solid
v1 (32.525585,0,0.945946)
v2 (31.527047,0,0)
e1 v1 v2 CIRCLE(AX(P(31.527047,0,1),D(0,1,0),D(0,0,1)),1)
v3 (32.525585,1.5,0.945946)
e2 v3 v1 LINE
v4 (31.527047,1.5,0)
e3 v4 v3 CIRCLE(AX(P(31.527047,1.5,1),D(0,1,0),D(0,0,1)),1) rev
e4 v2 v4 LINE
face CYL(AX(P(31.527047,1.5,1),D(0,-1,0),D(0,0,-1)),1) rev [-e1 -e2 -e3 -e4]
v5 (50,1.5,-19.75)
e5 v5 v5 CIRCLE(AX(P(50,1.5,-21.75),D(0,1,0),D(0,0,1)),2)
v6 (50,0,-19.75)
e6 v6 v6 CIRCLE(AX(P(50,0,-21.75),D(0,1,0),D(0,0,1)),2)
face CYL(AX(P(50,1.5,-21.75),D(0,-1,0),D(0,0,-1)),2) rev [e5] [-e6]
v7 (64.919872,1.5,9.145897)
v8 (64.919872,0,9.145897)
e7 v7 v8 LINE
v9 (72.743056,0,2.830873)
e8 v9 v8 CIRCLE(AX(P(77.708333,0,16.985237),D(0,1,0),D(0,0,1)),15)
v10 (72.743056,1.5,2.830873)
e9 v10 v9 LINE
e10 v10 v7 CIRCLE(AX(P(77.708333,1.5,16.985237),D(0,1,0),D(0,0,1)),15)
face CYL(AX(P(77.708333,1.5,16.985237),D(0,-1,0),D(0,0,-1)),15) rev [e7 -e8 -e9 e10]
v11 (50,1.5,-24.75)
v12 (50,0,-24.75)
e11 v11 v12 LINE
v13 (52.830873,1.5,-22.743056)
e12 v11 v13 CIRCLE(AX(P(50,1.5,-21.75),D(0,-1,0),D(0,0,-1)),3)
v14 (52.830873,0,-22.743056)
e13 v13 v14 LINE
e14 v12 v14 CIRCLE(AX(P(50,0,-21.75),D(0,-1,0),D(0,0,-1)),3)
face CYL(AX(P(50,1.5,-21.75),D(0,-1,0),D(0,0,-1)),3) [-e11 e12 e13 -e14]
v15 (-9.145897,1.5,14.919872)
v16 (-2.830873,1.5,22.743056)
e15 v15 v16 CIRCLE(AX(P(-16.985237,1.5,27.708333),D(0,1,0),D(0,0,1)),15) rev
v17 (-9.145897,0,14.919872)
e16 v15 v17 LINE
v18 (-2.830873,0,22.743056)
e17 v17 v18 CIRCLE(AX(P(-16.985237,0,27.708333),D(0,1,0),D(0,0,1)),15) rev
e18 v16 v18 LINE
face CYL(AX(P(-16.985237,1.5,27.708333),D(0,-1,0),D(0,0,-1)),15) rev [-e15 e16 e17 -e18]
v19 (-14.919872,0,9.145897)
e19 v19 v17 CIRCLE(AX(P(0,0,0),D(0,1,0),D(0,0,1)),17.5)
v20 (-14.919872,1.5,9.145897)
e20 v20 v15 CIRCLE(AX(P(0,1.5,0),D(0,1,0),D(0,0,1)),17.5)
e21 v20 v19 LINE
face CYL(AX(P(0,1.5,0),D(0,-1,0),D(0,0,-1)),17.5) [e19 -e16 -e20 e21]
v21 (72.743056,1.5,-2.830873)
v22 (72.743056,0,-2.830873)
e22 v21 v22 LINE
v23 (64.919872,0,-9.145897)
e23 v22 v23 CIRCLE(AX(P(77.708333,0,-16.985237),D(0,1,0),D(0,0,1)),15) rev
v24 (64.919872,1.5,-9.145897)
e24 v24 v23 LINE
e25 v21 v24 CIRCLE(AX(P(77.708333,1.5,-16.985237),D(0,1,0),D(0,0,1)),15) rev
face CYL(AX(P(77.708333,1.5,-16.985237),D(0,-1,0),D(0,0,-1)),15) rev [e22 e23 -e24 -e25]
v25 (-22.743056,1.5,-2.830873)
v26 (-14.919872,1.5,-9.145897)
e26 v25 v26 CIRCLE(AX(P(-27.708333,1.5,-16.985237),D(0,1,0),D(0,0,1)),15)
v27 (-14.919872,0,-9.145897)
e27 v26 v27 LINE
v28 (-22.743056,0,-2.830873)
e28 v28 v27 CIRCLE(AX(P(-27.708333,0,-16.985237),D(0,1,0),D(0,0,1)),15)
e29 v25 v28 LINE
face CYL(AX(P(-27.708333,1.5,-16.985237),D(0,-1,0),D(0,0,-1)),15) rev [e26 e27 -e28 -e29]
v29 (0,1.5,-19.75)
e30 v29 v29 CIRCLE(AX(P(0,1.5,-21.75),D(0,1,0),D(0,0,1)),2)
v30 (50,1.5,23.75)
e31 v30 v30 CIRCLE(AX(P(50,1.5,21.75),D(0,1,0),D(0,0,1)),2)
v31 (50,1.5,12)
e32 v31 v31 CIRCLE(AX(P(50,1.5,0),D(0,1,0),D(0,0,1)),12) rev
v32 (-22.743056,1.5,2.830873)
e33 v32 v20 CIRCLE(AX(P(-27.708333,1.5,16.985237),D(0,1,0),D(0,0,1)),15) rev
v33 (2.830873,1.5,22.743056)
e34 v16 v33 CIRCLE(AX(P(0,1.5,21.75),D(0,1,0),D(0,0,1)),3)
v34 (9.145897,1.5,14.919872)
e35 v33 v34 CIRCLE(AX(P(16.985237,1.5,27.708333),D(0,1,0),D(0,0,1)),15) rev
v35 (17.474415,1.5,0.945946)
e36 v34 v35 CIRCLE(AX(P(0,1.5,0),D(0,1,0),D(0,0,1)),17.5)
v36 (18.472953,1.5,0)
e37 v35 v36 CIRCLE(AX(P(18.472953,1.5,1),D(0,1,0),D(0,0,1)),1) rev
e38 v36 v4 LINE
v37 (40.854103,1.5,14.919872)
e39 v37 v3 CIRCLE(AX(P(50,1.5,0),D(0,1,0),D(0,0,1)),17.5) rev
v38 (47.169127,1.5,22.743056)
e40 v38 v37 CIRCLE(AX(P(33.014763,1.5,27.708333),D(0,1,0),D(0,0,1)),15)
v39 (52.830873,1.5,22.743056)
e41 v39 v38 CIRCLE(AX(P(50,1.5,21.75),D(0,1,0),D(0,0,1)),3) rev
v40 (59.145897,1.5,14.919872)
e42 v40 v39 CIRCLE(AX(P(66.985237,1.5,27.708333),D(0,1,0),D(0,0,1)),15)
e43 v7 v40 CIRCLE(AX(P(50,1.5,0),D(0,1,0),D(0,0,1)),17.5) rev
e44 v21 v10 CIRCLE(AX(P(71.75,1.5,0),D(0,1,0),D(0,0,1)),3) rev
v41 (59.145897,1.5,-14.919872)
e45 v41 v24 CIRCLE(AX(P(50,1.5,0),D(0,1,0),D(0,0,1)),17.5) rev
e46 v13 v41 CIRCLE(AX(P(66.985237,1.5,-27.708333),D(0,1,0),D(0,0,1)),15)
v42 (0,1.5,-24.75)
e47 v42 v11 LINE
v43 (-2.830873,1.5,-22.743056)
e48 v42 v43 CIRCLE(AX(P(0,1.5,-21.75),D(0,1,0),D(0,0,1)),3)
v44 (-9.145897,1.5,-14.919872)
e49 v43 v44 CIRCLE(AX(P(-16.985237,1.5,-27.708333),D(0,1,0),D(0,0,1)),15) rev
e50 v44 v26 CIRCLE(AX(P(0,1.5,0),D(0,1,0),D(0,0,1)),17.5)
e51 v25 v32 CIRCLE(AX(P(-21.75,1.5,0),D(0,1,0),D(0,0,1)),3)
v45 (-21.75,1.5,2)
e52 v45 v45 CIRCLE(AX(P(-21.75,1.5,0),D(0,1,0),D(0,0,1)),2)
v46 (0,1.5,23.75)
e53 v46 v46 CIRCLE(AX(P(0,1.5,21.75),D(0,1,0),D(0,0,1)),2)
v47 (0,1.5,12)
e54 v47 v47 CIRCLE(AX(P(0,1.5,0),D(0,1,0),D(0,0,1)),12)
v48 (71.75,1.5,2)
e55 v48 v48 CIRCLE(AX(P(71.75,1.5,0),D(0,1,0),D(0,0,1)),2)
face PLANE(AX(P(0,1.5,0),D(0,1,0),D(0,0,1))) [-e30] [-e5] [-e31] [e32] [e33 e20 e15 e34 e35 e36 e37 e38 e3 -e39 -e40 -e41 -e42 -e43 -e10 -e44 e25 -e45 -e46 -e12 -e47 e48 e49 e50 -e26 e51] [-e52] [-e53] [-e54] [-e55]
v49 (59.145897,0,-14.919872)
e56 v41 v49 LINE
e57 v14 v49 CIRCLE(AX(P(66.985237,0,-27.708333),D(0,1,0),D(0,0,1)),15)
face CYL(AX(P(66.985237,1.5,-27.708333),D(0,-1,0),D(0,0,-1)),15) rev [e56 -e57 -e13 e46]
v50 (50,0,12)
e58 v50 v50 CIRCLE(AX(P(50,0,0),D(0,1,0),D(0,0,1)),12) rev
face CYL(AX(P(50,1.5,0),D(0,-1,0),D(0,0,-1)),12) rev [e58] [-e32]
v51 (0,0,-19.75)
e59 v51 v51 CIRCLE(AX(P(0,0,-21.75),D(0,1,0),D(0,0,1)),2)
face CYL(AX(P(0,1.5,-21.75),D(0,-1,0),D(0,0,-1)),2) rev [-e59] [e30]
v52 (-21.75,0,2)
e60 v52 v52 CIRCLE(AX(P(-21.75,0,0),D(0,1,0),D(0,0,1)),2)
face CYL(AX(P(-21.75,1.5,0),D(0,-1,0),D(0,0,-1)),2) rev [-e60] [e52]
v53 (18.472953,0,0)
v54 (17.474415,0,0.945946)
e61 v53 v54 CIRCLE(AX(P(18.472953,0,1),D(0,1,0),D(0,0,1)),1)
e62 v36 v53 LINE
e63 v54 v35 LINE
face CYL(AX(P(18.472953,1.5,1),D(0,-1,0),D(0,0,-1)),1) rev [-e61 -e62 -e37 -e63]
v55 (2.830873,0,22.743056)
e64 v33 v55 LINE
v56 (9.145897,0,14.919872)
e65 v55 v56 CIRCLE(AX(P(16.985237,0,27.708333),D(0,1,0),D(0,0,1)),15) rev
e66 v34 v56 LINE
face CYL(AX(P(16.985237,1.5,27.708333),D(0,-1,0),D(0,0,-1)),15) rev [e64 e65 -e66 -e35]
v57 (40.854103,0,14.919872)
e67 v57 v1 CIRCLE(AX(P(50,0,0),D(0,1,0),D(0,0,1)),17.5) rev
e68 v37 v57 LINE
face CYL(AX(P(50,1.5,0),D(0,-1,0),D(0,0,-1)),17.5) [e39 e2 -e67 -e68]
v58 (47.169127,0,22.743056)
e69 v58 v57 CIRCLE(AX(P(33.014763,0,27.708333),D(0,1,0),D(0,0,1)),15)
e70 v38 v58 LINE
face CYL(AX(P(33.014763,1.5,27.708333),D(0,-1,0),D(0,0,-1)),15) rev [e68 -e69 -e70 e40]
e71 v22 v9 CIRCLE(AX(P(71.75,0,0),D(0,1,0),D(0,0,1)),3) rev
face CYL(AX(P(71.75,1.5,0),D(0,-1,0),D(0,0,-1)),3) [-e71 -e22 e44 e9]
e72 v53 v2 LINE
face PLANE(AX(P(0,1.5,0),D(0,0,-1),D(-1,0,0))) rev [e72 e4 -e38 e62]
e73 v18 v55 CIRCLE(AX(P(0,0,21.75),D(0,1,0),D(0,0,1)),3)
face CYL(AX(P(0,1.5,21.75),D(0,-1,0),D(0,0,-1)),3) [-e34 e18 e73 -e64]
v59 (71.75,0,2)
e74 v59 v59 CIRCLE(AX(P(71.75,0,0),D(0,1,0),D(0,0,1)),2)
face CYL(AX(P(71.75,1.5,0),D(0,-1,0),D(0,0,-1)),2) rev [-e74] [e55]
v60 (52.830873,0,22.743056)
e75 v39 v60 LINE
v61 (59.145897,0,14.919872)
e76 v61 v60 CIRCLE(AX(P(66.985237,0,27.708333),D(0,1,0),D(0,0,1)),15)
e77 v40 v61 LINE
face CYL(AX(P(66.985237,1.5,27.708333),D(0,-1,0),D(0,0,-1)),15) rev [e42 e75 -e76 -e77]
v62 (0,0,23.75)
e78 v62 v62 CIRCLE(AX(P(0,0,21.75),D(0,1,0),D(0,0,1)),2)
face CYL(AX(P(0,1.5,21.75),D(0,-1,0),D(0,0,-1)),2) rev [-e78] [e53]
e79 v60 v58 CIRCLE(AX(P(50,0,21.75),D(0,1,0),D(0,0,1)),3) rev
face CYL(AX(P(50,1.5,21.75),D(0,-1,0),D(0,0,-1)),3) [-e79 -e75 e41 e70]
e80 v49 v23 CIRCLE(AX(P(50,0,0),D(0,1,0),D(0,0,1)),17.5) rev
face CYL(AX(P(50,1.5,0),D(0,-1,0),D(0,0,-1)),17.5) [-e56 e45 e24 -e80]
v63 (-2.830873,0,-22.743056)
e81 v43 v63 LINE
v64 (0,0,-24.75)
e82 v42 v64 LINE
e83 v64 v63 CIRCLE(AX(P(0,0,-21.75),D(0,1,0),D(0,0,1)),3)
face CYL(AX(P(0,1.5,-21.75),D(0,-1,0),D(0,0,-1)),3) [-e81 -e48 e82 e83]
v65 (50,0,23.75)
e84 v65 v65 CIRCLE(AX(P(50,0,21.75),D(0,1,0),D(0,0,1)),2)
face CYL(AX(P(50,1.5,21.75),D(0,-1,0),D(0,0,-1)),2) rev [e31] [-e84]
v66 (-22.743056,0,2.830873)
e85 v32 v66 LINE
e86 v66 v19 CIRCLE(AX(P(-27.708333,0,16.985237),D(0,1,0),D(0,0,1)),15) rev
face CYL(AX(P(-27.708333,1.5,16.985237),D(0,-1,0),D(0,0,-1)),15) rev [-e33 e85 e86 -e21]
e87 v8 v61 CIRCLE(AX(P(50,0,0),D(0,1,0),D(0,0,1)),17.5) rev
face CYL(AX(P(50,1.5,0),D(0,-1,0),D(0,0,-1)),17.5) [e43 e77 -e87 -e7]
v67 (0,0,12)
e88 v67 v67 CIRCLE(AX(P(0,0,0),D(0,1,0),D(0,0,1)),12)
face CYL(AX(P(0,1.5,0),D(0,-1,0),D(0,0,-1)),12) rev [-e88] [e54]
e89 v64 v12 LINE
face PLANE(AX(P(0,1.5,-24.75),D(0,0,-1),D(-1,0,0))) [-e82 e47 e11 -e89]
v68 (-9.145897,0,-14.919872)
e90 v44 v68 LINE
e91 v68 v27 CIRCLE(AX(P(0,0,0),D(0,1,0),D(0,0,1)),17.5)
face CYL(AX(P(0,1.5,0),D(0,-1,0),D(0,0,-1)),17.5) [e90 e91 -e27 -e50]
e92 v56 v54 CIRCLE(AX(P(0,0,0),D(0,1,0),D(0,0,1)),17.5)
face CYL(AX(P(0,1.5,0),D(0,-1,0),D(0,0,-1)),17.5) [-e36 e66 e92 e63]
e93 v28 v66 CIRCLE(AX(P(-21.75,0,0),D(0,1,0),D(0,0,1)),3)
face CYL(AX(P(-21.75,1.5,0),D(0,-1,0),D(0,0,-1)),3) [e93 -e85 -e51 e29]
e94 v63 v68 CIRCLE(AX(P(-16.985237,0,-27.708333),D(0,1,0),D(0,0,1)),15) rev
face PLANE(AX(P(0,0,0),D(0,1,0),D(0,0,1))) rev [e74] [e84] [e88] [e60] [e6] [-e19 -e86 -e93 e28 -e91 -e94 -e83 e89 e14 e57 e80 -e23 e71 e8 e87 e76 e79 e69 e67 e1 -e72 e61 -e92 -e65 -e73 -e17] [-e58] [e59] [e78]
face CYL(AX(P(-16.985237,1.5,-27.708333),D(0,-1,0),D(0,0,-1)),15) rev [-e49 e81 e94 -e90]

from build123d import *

# Parameters (mm, degrees)
SKETCH_1_R      = 2
SKETCH_1_R_2    = 12
EXTRUDE_1_DEPTH = 1.5
FILLET_1_R      = 1


with BuildPart() as part:
    # ｽｹｯﾁ1 → ﾎﾞｽ - 押し出し1 (new body)
    with BuildSketch(Plane(origin=(0, 0, 0), x_dir=(1, 0, 0), z_dir=(0, 1, 0))):
        with BuildLine():
            Line((50, 24.75), (0, 24.75))
            ThreePointArc((0, 24.75), (-1.735055234, 24.197362526), (-2.830872774, 22.743055556))
            ThreePointArc((-2.830872774, 22.743055556), (-5.313420016, 18.286619233), (-9.145896655, 14.919871795))
            ThreePointArc((-9.145896655, 14.919871795), (-12.374368671, 12.374368671), (-14.919871795, 9.145896655))
            ThreePointArc((-14.919871795, 9.145896655), (-18.286619233, 5.313420016), (-22.743055556, 2.830872774))
            ThreePointArc((-22.743055556, 2.830872774), (-24.75, 0), (-22.743055556, -2.830872774))
            ThreePointArc((-22.743055556, -2.830872774), (-18.286619233, -5.313420016), (-14.919871795, -9.145896655))
            ThreePointArc((-14.919871795, -9.145896655), (-12.374368671, -12.374368671), (-9.145896655, -14.919871795))
            ThreePointArc((-9.145896655, -14.919871795), (-5.313420016, -18.286619233), (-2.830872774, -22.743055556))
            ThreePointArc((-2.830872774, -22.743055556), (0, -24.75), (2.830872774, -22.743055556))
            ThreePointArc((2.830872774, -22.743055556), (5.313420016, -18.286619233), (9.145896655, -14.919871795))
            ThreePointArc((9.145896655, -14.919871795), (15.269302398, -8.54976048), (17.5, 0))
            Line((17.5, 0), (32.5, 0))
            ThreePointArc((32.5, 0), (34.730697602, -8.54976048), (40.854103345, -14.919871795))
            ThreePointArc((40.854103345, -14.919871795), (44.686579984, -18.286619233), (47.169127226, -22.743055556))
            ThreePointArc((47.169127226, -22.743055556), (50, -24.75), (52.830872774, -22.743055556))
            ThreePointArc((52.830872774, -22.743055556), (55.313420016, -18.286619233), (59.145896655, -14.919871795))
            ThreePointArc((59.145896655, -14.919871795), (62.374368671, -12.374368671), (64.919871795, -9.145896655))
            ThreePointArc((64.919871795, -9.145896655), (68.286619233, -5.313420016), (72.743055556, -2.830872774))
            ThreePointArc((72.743055556, -2.830872774), (74.75, 0), (72.743055556, 2.830872774))
            ThreePointArc((72.743055556, 2.830872774), (68.286619233, 5.313420016), (64.919871795, 9.145896655))
            ThreePointArc((64.919871795, 9.145896655), (62.374368671, 12.374368671), (59.145896655, 14.919871795))
            ThreePointArc((59.145896655, 14.919871795), (55.313420016, 18.286619233), (52.830872774, 22.743055556))
            ThreePointArc((52.830872774, 22.743055556), (51.735055234, 24.197362526), (50, 24.75))
        make_face()
        with Locations(Location((0, 21.75, 0), (0, 0, 270))):
            Circle(SKETCH_1_R, mode=Mode.SUBTRACT)
        with Locations(Location((50, 21.75, 0), (0, 0, 270))):
            Circle(SKETCH_1_R, mode=Mode.SUBTRACT)
        with Locations(Location((0, 0, 0), (0, 0, 270))):
            Circle(SKETCH_1_R_2, mode=Mode.SUBTRACT)
        with Locations(Location((50, 0, 0), (0, 0, 270))):
            Circle(SKETCH_1_R_2, mode=Mode.SUBTRACT)
        with Locations(Location((-21.75, 0, 0), (0, 0, 270))):
            Circle(SKETCH_1_R, mode=Mode.SUBTRACT)
        with Locations(Location((71.75, 0, 0), (0, 0, 270))):
            Circle(SKETCH_1_R, mode=Mode.SUBTRACT)
        with Locations(Location((0, -21.75, 0), (0, 0, 270))):
            Circle(SKETCH_1_R, mode=Mode.SUBTRACT)
        with Locations(Location((50, -21.75, 0), (0, 0, 270))):
            Circle(SKETCH_1_R, mode=Mode.SUBTRACT)
    extrude(amount=EXTRUDE_1_DEPTH)

    # ﾌｨﾚｯﾄ1
    fillet_1_edges = [part.edges().sort_by_distance(p)[0] for p in [
        (32.5, 0.75, 0),
        (17.5, 0.75, 0),
    ]]
    fillet(fillet_1_edges, radius=FILLET_1_R)


solid = part.part
